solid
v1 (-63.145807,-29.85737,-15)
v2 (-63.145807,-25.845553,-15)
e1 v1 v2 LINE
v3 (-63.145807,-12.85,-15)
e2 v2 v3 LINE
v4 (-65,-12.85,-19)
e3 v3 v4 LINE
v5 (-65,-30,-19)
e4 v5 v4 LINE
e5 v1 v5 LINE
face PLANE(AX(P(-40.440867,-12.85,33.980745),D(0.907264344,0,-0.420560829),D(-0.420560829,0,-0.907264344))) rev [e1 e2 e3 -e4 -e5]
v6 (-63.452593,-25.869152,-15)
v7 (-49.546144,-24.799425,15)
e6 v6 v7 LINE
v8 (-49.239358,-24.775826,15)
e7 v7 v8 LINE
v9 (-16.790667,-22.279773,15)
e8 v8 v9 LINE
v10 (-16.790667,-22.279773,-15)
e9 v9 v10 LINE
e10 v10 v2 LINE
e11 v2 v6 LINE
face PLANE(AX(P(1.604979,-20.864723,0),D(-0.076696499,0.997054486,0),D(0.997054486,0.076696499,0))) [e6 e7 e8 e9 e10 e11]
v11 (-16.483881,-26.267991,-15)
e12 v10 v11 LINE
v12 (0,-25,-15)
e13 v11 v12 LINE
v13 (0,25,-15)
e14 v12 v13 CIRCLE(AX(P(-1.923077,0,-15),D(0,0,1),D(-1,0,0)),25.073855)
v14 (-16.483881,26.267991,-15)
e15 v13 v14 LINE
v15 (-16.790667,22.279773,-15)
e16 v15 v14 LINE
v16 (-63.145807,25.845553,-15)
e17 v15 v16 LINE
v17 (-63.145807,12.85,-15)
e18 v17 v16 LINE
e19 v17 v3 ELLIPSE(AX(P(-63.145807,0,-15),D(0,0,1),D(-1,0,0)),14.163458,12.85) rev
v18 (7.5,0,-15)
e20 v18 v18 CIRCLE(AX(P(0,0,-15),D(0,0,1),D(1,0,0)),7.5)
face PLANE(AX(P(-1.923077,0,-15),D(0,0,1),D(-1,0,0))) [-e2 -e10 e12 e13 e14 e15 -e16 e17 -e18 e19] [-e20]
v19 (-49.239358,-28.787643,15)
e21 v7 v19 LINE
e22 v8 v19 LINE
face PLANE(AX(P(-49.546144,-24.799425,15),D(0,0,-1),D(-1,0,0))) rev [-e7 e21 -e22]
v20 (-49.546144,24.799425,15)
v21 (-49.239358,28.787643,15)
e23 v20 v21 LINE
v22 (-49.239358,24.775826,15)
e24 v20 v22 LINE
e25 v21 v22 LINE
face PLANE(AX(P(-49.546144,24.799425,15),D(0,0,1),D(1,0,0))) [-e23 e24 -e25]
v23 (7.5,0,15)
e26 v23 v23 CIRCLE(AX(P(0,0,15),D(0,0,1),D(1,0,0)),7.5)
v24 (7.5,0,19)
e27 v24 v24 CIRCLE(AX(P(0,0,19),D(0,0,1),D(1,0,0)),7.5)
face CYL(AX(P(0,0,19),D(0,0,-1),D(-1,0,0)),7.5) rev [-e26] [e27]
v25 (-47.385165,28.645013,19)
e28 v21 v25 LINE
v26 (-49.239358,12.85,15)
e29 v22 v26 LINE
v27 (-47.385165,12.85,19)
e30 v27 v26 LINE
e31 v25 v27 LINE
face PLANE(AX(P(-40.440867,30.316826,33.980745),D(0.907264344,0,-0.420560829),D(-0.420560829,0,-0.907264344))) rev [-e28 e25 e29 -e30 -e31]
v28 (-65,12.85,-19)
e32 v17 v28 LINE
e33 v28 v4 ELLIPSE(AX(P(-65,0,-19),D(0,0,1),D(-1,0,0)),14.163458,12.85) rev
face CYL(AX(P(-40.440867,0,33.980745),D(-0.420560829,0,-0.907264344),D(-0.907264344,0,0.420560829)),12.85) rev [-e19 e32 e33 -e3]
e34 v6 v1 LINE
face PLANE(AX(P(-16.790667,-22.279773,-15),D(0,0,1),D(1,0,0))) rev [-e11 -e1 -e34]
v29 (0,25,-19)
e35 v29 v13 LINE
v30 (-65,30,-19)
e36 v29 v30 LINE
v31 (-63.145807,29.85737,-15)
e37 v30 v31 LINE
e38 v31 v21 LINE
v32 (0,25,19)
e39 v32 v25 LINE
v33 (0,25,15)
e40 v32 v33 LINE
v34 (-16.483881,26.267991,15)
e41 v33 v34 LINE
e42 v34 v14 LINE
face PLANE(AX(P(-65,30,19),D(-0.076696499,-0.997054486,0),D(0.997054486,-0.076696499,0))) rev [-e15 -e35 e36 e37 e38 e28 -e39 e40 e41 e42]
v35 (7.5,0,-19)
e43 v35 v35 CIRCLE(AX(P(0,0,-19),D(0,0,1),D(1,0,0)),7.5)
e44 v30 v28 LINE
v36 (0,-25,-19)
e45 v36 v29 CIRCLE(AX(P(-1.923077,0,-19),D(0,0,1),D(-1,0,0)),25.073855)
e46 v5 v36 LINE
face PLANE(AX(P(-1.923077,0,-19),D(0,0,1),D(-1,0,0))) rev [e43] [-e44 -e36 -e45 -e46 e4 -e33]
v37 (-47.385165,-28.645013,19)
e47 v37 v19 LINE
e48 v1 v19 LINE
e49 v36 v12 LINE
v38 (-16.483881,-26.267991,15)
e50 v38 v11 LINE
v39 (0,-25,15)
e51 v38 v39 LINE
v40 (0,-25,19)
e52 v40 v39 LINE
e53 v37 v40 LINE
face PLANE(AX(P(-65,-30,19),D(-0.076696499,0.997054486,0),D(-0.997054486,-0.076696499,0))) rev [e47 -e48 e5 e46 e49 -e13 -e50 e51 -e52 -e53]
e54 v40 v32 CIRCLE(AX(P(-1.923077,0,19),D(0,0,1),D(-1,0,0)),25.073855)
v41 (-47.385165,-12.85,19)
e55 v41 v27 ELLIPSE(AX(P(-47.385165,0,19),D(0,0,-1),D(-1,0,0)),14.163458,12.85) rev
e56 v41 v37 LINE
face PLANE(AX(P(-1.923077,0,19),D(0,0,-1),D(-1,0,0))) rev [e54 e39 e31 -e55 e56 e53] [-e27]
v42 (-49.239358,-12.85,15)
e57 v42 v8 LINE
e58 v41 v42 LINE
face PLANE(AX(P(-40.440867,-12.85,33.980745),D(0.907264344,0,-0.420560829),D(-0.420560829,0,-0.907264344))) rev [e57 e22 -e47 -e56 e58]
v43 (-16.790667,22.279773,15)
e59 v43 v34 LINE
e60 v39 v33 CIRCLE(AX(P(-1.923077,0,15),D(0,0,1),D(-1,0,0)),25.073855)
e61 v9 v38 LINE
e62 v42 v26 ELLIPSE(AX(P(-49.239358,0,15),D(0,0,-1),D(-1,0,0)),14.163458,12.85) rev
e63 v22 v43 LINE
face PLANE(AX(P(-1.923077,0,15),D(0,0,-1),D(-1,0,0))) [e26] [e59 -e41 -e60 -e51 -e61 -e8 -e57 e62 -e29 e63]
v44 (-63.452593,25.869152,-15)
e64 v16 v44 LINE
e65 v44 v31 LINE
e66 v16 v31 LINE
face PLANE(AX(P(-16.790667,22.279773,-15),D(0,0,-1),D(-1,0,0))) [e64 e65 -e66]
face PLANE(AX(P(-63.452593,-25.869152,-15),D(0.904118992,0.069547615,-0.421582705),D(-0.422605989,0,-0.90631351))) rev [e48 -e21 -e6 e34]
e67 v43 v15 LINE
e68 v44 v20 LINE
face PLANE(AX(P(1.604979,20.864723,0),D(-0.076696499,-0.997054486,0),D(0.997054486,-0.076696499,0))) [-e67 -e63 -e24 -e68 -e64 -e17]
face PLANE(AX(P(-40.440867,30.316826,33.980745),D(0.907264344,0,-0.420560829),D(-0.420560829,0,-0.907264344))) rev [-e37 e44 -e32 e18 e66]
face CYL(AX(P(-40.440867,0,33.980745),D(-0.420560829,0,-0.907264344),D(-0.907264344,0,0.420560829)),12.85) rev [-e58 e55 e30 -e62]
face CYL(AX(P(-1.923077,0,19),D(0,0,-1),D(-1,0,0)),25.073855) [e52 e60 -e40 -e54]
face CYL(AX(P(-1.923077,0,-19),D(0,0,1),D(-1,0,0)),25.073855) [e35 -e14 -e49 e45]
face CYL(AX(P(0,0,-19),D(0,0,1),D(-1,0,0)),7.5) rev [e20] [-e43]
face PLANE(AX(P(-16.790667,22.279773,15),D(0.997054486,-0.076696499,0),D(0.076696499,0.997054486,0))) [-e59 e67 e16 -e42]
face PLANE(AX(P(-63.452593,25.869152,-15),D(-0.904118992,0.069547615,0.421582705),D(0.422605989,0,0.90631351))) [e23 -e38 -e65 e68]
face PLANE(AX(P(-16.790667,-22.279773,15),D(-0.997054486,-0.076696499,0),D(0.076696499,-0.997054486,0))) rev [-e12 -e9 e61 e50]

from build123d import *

# Parameters (mm, degrees)
SKETCH2_R           = 7.5
BOSS_EXTRUDE2_DEPTH = 4
CUT_EXTRUDE1_DEPTH  = 67
BOSS_EXTRUDE3_DEPTH = 4


with BuildPart() as part:
    # Sketch2 → Boss-Extrude2 (new body)
    with BuildSketch(Plane.XY.offset(15)):
        with BuildLine():
            Line((-65, 30), (-65, -30))
            Line((-65, -30), (0, -25))
            ThreePointArc((0, -25), (23.150778482, 0), (0, 25))
            Line((0, 25), (-65, 30))
        make_face()
        Circle(SKETCH2_R, mode=Mode.SUBTRACT)
    extrude(amount=BOSS_EXTRUDE2_DEPTH)


with BuildPart() as body_2:
    # Mirror2: mirrored copy
    add(part.part.mirror(Plane.XY))


with BuildPart() as cut_extrude1_tool:
    # 3DSketch3 → Cut-Extrude1 (new body)
    with BuildSketch(Plane(origin=(-40.440866858, 30.316826109, 33.980744524), x_dir=(-0.63193986599376, -0.7175244265183314, 0.2929346396678423), z_dir=(0.4205608285392174, 0, 0.9072643437821234))):
        with BuildLine():
            Line((0, 0), (12.532874387, 12.166226775))
            ThreePointArc((12.532874387, 12.166226775), (12.802609816, 30.336869108), (30.973252149, 30.067133679))
            Line((30.973252149, 30.067133679), (43.506126536, 42.233360454))
            Line((43.506126536, 42.233360454), (85.796169664, 0))
            Line((85.796169664, 0), (25.881179802, -39.378555401))
            Line((25.881179802, -39.378555401), (0, 0))
        make_face()
    extrude(amount=-CUT_EXTRUDE1_DEPTH)


with BuildPart() as part_1:
    add(part.part)

    # Cut-Extrude1: cut by cut_extrude1_tool
    add(cut_extrude1_tool.part, mode=Mode.SUBTRACT)



with BuildPart() as body_2_1:
    add(body_2.part)

    # Cut-Extrude1: cut by cut_extrude1_tool
    add(cut_extrude1_tool.part, mode=Mode.SUBTRACT)


with BuildPart() as part_2:
    add(part_1.part)

    add(body_2_1.part)  # Boss-Extrude3 merges body 2
    # Sketch3 → Boss-Extrude3 (add)
    with BuildSketch(Plane(origin=(1.911764706, 24.852941176, 0), x_dir=(0.9970544855015816, -0.0766964988847369, 0), z_dir=(0.0766964988847369, 0.9970544855015816, 0))):
        Polygon((-65.249765706, 15), (-51.302234569, -15), (-18.449990724, -15), (-18.449990724, 15), align=None)
    boss_extrude3 = extrude(amount=-BOSS_EXTRUDE3_DEPTH)

    # Mirror3: Boss-Extrude3 across plane
    add(boss_extrude3.mirror(Plane.ZX))


solid = part_2.part
